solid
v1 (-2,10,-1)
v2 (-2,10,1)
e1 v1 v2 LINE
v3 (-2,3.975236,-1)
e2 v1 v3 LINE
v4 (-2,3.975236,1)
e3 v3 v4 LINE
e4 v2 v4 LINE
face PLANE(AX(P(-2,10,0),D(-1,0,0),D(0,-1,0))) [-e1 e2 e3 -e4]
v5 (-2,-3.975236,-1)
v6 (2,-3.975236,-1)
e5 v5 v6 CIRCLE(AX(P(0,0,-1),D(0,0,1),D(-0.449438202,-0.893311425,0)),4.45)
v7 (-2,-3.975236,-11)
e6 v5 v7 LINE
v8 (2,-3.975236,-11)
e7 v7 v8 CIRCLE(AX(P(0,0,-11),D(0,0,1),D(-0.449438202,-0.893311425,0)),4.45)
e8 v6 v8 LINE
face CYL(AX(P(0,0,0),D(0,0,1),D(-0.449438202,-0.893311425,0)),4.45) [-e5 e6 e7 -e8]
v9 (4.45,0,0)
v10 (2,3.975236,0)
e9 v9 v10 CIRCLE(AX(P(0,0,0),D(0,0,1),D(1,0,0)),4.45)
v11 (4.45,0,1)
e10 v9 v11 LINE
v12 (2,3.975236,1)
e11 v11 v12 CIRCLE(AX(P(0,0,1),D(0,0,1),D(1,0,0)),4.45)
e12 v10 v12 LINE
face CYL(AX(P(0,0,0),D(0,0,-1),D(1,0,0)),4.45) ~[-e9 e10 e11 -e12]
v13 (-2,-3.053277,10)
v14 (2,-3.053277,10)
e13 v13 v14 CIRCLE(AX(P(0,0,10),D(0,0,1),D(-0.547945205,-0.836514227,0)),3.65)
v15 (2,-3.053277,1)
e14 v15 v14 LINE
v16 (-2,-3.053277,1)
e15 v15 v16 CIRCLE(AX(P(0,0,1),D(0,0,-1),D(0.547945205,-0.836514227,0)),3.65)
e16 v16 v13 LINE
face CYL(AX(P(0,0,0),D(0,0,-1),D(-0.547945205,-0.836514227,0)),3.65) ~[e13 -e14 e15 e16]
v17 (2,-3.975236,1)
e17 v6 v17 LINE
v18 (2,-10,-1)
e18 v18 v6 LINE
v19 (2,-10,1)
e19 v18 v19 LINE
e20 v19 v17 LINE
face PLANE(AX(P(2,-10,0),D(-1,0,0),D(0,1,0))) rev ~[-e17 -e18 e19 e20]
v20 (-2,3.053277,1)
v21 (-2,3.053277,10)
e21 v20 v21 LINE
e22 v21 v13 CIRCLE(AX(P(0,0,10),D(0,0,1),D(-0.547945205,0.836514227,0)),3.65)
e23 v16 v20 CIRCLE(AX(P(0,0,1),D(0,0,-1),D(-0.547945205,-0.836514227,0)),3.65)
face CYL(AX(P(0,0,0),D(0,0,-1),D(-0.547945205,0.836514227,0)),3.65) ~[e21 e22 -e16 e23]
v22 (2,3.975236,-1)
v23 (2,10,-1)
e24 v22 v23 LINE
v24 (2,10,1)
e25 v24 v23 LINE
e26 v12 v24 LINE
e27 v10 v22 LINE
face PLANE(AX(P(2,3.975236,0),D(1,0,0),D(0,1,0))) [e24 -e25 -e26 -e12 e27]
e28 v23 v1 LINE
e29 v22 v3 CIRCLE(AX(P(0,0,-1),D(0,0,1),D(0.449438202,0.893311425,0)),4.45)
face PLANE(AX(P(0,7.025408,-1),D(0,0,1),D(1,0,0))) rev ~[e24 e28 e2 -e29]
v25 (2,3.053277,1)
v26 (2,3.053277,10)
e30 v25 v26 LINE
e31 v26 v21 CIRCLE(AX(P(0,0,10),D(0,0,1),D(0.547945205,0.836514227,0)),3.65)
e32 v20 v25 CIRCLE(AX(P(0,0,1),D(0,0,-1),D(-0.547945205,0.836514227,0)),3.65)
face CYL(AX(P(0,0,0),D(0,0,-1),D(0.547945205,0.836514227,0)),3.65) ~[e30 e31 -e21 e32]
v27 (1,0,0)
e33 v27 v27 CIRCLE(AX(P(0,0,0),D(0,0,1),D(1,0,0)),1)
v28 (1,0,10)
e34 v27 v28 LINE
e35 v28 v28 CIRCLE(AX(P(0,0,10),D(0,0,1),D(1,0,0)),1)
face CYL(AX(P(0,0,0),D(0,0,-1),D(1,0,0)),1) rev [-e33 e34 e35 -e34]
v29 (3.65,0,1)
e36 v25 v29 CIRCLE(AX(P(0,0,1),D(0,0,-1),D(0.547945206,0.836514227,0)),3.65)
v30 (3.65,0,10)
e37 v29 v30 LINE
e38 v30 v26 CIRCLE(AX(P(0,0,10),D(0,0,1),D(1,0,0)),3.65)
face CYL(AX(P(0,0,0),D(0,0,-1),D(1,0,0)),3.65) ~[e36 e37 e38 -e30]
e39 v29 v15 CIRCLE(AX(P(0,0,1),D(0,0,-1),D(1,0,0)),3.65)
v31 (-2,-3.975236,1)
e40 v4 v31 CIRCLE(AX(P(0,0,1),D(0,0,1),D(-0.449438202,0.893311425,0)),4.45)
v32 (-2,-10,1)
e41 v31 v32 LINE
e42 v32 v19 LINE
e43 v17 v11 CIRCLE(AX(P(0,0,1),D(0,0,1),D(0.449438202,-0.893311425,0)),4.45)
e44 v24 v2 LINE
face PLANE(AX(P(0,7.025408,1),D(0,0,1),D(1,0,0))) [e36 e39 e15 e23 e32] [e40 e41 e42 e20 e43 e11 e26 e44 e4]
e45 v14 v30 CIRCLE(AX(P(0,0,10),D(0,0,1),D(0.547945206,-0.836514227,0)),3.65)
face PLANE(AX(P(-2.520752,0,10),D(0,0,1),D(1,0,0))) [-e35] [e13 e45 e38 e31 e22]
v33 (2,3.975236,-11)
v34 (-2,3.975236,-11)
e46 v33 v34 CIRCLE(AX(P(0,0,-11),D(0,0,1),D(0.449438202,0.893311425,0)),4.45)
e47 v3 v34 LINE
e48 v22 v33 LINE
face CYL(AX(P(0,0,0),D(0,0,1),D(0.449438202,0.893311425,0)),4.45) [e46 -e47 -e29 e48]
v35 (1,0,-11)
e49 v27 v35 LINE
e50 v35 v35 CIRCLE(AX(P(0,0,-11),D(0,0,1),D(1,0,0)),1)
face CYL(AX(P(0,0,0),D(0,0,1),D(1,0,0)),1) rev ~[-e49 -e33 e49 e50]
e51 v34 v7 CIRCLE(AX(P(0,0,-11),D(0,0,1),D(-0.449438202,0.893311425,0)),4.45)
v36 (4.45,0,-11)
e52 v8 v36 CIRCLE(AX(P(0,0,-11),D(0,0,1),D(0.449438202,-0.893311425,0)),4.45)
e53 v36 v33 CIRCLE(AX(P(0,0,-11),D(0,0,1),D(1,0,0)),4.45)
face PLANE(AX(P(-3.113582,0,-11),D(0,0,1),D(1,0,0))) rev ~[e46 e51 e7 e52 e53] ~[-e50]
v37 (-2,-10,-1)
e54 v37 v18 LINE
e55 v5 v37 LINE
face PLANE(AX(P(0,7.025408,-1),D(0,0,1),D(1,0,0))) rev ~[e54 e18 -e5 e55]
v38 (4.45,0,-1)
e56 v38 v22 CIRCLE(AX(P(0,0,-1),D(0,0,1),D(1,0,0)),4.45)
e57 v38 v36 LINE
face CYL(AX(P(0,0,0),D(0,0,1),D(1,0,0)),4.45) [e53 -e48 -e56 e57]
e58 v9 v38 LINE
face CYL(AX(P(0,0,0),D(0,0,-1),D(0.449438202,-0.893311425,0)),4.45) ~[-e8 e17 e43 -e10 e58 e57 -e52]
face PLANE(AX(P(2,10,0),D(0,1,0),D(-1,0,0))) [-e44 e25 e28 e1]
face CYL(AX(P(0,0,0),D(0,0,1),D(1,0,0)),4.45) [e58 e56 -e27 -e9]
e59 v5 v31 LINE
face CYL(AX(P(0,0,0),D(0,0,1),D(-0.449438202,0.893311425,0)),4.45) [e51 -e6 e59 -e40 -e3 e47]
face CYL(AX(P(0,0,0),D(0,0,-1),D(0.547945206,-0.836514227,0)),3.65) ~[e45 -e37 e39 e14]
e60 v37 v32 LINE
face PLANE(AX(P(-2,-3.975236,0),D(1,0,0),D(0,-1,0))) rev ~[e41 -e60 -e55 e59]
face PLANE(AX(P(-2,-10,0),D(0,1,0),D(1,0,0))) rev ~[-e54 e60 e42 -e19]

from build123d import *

# Parameters (mm, degrees)
F0_R     = 1
F1_DEPTH = 11
F2_DEPTH = 1
F3_DEPTH = 10


with BuildPart() as f1:
    # F0 (on Top) → F1 (new body)
    with BuildSketch(Plane.XY):
        with BuildLine():
            Line((-2, 3.0532769282), (-2, 3.9752358421))
            ThreePointArc((-2, 3.9752358421), (-4.45, 0), (-2, -3.9752358421))
            Line((-2, -3.9752358421), (-2, -3.0532769282))
            ThreePointArc((-2, -3.0532769282), (-3.65, 0), (-2, 3.0532769282))
        make_face()
        with BuildLine():
            ThreePointArc((-2, -3.9752358421), (0, -4.45), (2, -3.9752358421))
            Line((2, -3.9752358421), (2, -3.0532769282))
            ThreePointArc((2, -3.0532769282), (0, -3.65), (-2, -3.0532769282))
            Line((-2, -3.0532769282), (-2, -3.9752358421))
        make_face()
        with BuildLine():
            ThreePointArc((2, -3.9752358421), (3.78830437, -2.3347912112), (4.45, 0))
            ThreePointArc((4.45, 0), (3.78830437, 2.3347912112), (2, 3.9752358421))
            Line((2, 3.9752358421), (2, 3.0532769282))
            ThreePointArc((2, 3.0532769282), (3.211113514, 1.7352953639), (3.65, 0))
            ThreePointArc((3.65, 0), (3.211113514, -1.7352953639), (2, -3.0532769282))
            Line((2, -3.0532769282), (2, -3.9752358421))
        make_face()
        with BuildLine():
            Line((2, 3.0532769282), (2, 3.9752358421))
            ThreePointArc((2, 3.9752358421), (0, 4.45), (-2, 3.9752358421))
            Line((-2, 3.9752358421), (-2, 3.0532769282))
            ThreePointArc((-2, 3.0532769282), (0, 3.65), (2, 3.0532769282))
        make_face()
        with BuildLine():
            Line((-2, -3.0532769282), (-2, 3.0532769282))
            ThreePointArc((-2, 3.0532769282), (-3.65, 0), (-2, -3.0532769282))
        make_face()
        with BuildLine():
            Line((2, -3.0532769282), (2, 3.0532769282))
            ThreePointArc((2, 3.0532769282), (0, 3.65), (-2, 3.0532769282))
            Line((-2, 3.0532769282), (-2, -3.0532769282))
            ThreePointArc((-2, -3.0532769282), (0, -3.65), (2, -3.0532769282))
        make_face()
        Circle(F0_R, mode=Mode.SUBTRACT)
        with BuildLine():
            ThreePointArc((3.65, 0), (3.211113514, 1.7352953639), (2, 3.0532769282))
            Line((2, 3.0532769282), (2, -3.0532769282))
            ThreePointArc((2, -3.0532769282), (3.211113514, -1.7352953639), (3.65, 0))
        make_face()
    extrude(amount=-F1_DEPTH)

    # F0 (on Top) → F2 (join, symmetric)
    with BuildSketch(Plane.XY):
        with BuildLine():
            ThreePointArc((-2, 3.9752358421), (0, 4.45), (2, 3.9752358421))
            Line((2, 3.9752358421), (2, 10))
            Line((2, 10), (-2, 10))
            Line((-2, 10), (-2, 3.9752358421))
        make_face()
        with BuildLine():
            Line((2, -10), (2, -3.9752358421))
            ThreePointArc((2, -3.9752358421), (0, -4.45), (-2, -3.9752358421))
            Line((-2, -3.9752358421), (-2, -10))
            Line((-2, -10), (2, -10))
        make_face()
        with BuildLine():
            Line((2, 3.0532769282), (2, 3.9752358421))
            ThreePointArc((2, 3.9752358421), (0, 4.45), (-2, 3.9752358421))
            Line((-2, 3.9752358421), (-2, 3.0532769282))
            ThreePointArc((-2, 3.0532769282), (0, 3.65), (2, 3.0532769282))
        make_face()
        with BuildLine():
            ThreePointArc((-2, -3.9752358421), (0, -4.45), (2, -3.9752358421))
            Line((2, -3.9752358421), (2, -3.0532769282))
            ThreePointArc((2, -3.0532769282), (0, -3.65), (-2, -3.0532769282))
            Line((-2, -3.0532769282), (-2, -3.9752358421))
        make_face()
        with BuildLine():
            Line((-2, 3.0532769282), (-2, 3.9752358421))
            ThreePointArc((-2, 3.9752358421), (-4.45, 0), (-2, -3.9752358421))
            Line((-2, -3.9752358421), (-2, -3.0532769282))
            ThreePointArc((-2, -3.0532769282), (-3.65, 0), (-2, 3.0532769282))
        make_face()
        with BuildLine():
            ThreePointArc((2, -3.9752358421), (3.78830437, -2.3347912112), (4.45, 0))
            ThreePointArc((4.45, 0), (3.78830437, 2.3347912112), (2, 3.9752358421))
            Line((2, 3.9752358421), (2, 3.0532769282))
            ThreePointArc((2, 3.0532769282), (3.211113514, 1.7352953639), (3.65, 0))
            ThreePointArc((3.65, 0), (3.211113514, -1.7352953639), (2, -3.0532769282))
            Line((2, -3.0532769282), (2, -3.9752358421))
        make_face()
    extrude(amount=F2_DEPTH, both=True)

    # F0 (on Top) → F3 (join)
    with BuildSketch(Plane.XY):
        with BuildLine():
            Line((-2, -3.0532769282), (-2, 3.0532769282))
            ThreePointArc((-2, 3.0532769282), (-3.65, 0), (-2, -3.0532769282))
        make_face()
        with BuildLine():
            Line((2, -3.0532769282), (2, 3.0532769282))
            ThreePointArc((2, 3.0532769282), (0, 3.65), (-2, 3.0532769282))
            Line((-2, 3.0532769282), (-2, -3.0532769282))
            ThreePointArc((-2, -3.0532769282), (0, -3.65), (2, -3.0532769282))
        make_face()
        Circle(F0_R, mode=Mode.SUBTRACT)
        with BuildLine():
            ThreePointArc((3.65, 0), (3.211113514, 1.7352953639), (2, 3.0532769282))
            Line((2, 3.0532769282), (2, -3.0532769282))
            ThreePointArc((2, -3.0532769282), (3.211113514, -1.7352953639), (3.65, 0))
        make_face()
    extrude(amount=F3_DEPTH)


solid = f1.part
